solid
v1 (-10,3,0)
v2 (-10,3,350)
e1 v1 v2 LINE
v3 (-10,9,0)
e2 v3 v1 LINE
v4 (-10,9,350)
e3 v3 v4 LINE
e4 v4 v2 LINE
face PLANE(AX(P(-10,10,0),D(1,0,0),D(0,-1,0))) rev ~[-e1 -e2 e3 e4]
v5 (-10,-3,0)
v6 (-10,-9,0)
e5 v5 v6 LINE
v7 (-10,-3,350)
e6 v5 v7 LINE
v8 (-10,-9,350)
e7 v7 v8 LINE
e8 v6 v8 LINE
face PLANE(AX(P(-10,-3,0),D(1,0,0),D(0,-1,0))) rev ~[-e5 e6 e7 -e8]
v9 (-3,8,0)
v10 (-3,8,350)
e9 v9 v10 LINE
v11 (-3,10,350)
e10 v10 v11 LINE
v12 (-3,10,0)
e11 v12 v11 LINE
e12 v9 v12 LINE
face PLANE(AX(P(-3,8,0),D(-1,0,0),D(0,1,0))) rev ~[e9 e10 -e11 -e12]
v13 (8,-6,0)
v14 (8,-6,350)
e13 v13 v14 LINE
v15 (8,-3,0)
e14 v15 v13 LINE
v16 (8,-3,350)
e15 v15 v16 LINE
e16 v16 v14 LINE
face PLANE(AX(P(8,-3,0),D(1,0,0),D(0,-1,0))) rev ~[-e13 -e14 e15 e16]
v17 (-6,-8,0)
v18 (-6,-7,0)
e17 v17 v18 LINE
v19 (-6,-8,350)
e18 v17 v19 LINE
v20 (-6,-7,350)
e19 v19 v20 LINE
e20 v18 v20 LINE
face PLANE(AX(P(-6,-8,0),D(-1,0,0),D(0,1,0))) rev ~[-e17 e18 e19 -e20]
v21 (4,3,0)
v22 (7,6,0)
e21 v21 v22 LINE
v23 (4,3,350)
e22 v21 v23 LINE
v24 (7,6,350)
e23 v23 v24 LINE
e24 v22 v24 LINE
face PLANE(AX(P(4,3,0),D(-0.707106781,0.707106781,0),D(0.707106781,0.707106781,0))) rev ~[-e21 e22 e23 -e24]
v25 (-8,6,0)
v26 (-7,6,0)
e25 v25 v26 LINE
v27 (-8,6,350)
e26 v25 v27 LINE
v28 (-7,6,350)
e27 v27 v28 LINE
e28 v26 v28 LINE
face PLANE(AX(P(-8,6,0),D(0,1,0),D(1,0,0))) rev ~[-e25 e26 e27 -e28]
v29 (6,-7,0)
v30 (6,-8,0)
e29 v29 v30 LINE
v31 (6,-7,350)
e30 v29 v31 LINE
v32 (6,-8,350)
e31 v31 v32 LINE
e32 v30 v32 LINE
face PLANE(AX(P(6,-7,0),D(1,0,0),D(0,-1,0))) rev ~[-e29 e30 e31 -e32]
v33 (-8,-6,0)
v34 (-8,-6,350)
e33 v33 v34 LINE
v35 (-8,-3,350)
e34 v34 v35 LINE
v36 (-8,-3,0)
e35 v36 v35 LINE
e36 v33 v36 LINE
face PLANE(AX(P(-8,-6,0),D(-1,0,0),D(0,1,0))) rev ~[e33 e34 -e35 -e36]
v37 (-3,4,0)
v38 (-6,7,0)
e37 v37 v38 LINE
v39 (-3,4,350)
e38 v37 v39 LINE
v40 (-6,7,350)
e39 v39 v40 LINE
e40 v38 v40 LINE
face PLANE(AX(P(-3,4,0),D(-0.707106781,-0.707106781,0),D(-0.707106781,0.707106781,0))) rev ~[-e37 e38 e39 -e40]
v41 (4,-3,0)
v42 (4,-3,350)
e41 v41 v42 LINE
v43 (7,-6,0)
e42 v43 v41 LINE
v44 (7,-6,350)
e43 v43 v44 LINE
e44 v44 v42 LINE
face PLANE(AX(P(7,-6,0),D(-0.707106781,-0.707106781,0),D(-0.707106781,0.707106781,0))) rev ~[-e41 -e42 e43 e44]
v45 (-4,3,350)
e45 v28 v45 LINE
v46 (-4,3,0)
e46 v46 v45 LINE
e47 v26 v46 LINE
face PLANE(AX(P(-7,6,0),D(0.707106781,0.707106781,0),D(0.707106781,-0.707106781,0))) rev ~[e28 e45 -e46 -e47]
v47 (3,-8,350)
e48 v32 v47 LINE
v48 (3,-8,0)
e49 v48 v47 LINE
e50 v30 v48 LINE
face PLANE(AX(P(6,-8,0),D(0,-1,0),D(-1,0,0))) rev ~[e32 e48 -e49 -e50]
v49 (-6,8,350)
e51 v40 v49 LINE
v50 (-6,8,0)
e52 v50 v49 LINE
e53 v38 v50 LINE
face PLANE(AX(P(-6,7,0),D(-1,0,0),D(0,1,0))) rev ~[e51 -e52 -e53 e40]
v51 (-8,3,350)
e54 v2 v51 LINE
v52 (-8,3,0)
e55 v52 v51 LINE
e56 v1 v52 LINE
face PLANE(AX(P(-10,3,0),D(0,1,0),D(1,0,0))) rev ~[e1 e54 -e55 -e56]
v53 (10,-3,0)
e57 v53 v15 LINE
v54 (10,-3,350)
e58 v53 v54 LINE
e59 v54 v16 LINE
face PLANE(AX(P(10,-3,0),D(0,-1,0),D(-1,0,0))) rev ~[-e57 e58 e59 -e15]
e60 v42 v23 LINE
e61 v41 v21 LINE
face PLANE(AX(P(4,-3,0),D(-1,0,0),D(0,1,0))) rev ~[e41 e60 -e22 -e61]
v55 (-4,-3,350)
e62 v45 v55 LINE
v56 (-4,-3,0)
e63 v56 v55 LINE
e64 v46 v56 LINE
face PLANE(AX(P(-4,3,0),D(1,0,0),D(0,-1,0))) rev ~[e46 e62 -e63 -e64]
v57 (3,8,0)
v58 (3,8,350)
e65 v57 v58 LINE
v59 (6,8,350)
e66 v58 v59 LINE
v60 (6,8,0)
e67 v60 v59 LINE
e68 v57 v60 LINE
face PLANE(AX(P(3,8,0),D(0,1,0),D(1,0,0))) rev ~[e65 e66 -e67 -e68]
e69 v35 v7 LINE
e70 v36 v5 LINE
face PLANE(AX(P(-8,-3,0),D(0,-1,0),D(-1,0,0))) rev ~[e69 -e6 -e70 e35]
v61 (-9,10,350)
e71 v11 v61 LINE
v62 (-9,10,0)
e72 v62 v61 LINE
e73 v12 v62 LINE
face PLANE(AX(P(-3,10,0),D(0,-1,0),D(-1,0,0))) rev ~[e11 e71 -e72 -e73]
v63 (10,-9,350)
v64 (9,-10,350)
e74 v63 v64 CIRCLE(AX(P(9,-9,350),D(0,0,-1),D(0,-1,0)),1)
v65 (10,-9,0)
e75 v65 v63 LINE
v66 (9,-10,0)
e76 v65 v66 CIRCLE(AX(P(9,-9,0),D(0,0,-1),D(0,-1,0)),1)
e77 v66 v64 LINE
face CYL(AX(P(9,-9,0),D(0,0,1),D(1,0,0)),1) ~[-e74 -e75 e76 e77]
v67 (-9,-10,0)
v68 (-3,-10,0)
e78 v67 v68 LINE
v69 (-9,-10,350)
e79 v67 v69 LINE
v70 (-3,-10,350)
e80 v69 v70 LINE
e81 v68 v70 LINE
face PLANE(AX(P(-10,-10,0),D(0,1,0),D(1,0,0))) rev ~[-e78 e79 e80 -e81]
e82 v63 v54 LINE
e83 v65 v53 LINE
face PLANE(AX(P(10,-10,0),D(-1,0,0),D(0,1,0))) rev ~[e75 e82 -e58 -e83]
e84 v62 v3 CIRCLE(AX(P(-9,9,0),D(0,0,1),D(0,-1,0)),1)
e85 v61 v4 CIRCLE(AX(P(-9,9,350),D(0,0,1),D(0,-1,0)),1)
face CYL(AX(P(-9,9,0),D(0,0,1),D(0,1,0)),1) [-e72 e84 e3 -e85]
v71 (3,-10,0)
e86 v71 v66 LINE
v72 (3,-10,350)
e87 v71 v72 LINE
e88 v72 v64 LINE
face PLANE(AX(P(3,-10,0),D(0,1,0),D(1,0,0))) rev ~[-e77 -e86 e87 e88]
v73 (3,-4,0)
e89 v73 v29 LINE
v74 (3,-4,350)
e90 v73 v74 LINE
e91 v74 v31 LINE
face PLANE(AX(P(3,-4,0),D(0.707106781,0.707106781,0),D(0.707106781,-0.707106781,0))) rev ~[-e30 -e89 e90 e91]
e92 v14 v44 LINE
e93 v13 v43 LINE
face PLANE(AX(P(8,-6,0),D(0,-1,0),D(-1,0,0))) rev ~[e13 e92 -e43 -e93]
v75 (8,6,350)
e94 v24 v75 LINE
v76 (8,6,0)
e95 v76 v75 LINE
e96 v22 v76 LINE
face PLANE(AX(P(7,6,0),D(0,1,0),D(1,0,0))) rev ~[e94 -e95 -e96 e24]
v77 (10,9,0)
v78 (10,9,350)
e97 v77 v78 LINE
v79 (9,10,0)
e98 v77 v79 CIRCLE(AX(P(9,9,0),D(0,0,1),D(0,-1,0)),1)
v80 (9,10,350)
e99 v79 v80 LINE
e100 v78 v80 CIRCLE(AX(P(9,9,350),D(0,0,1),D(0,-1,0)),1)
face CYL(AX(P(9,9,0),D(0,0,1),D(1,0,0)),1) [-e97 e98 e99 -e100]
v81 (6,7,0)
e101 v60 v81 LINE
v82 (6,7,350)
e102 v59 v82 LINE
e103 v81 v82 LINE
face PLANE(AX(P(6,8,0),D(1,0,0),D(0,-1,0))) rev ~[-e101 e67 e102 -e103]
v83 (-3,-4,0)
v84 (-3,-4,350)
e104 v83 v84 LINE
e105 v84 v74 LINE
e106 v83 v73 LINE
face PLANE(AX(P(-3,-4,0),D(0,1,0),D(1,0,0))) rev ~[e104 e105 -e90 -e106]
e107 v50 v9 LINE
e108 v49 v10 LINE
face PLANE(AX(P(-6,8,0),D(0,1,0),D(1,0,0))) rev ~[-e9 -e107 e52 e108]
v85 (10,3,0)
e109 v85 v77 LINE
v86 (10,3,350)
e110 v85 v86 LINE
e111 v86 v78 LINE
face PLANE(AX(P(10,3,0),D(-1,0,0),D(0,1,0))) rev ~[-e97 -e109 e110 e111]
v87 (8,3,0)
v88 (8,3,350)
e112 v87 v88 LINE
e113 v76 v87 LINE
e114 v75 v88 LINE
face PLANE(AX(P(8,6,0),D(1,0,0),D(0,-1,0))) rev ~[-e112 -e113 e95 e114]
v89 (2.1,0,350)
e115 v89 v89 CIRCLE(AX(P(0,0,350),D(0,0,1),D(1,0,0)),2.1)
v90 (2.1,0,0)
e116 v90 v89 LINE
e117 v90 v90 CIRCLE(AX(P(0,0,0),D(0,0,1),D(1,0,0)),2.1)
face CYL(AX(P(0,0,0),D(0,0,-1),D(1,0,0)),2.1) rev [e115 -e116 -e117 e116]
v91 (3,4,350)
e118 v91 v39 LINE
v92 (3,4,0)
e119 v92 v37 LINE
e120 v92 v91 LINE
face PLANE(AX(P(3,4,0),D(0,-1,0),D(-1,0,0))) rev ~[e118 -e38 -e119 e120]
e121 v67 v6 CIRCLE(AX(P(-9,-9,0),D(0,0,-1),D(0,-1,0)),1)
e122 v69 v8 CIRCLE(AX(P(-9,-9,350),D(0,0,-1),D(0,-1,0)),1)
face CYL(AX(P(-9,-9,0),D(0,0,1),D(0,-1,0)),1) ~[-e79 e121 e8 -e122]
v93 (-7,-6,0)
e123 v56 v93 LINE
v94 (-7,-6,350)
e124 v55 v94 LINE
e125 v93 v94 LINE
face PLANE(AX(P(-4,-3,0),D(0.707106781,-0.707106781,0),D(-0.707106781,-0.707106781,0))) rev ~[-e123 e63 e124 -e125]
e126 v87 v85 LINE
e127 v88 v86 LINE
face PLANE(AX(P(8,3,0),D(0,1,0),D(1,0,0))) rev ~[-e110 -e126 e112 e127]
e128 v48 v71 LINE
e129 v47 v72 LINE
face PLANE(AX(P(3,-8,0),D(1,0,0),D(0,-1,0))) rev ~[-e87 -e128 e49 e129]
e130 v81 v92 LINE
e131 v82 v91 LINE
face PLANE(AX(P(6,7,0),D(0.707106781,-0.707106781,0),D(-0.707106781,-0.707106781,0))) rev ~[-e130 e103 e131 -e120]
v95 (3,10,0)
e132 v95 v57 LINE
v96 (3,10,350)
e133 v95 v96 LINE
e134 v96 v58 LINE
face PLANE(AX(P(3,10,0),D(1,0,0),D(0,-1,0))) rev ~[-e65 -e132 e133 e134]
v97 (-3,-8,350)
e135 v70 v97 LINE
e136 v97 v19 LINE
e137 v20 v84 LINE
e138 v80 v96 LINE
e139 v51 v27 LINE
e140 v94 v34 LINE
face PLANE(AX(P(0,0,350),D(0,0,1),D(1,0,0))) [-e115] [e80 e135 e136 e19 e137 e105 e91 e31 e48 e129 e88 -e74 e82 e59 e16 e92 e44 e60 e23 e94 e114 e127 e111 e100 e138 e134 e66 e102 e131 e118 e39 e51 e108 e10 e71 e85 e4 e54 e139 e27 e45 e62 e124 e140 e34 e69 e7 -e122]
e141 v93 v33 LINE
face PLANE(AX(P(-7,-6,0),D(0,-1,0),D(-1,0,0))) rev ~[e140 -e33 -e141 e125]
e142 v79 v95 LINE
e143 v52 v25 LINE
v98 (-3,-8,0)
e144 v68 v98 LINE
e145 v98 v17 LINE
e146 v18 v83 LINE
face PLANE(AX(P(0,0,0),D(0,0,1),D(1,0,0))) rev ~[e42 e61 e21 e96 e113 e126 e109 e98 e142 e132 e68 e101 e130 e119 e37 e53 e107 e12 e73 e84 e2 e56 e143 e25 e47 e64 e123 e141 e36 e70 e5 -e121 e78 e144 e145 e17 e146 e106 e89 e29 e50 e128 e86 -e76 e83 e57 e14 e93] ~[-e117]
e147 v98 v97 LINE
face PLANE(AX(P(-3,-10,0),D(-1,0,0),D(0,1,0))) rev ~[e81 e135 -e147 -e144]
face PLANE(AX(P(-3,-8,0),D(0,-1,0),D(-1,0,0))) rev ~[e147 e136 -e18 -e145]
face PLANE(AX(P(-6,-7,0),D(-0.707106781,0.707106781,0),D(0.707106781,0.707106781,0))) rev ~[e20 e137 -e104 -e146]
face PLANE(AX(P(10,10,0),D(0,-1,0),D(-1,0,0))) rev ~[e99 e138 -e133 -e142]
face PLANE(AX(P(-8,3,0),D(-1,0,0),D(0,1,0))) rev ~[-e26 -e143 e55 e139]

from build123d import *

# Parameters (mm, degrees)
SCHIZZO1_R                   = 2.1
ESTRUSIONE_ESTRUSIONE1_DEPTH = 350
RACCORDO1_R                  = 1


with BuildPart() as part:
    # Schizzo1 → Estrusione-Estrusione1 (new body)
    with BuildSketch(Plane.XY):
        Polygon((10, 3), (10, 10), (3, 10), (3, 8), (6, 8), (6, 7), (3, 4), (-3, 4), (-6, 7), (-6, 8), (-3, 8), (-3, 10), (-10, 10), (-10, 3), (-8, 3), (-8, 6), (-7, 6), (-4, 3), (-4, -3), (-7, -6), (-8, -6), (-8, -3), (-10, -3), (-10, -10), (-3, -10), (-3, -8), (-6, -8), (-6, -7), (-3, -4), (3, -4), (6, -7), (6, -8), (3, -8), (3, -10), (10, -10), (10, -3), (8, -3), (8, -6), (7, -6), (4, -3), (4, 3), (7, 6), (8, 6), (8, 3), align=None)
        Circle(SCHIZZO1_R, mode=Mode.SUBTRACT)
    extrude(amount=ESTRUSIONE_ESTRUSIONE1_DEPTH)

    # Raccordo1
    raccordo1_edges = [part.edges().sort_by_distance(p)[0] for p in [
        (-10, 10, 175),
        (10, 10, 175),
        (10, -10, 175),
        (-10, -10, 175),
    ]]
    fillet(raccordo1_edges, radius=RACCORDO1_R)


solid = part.part
